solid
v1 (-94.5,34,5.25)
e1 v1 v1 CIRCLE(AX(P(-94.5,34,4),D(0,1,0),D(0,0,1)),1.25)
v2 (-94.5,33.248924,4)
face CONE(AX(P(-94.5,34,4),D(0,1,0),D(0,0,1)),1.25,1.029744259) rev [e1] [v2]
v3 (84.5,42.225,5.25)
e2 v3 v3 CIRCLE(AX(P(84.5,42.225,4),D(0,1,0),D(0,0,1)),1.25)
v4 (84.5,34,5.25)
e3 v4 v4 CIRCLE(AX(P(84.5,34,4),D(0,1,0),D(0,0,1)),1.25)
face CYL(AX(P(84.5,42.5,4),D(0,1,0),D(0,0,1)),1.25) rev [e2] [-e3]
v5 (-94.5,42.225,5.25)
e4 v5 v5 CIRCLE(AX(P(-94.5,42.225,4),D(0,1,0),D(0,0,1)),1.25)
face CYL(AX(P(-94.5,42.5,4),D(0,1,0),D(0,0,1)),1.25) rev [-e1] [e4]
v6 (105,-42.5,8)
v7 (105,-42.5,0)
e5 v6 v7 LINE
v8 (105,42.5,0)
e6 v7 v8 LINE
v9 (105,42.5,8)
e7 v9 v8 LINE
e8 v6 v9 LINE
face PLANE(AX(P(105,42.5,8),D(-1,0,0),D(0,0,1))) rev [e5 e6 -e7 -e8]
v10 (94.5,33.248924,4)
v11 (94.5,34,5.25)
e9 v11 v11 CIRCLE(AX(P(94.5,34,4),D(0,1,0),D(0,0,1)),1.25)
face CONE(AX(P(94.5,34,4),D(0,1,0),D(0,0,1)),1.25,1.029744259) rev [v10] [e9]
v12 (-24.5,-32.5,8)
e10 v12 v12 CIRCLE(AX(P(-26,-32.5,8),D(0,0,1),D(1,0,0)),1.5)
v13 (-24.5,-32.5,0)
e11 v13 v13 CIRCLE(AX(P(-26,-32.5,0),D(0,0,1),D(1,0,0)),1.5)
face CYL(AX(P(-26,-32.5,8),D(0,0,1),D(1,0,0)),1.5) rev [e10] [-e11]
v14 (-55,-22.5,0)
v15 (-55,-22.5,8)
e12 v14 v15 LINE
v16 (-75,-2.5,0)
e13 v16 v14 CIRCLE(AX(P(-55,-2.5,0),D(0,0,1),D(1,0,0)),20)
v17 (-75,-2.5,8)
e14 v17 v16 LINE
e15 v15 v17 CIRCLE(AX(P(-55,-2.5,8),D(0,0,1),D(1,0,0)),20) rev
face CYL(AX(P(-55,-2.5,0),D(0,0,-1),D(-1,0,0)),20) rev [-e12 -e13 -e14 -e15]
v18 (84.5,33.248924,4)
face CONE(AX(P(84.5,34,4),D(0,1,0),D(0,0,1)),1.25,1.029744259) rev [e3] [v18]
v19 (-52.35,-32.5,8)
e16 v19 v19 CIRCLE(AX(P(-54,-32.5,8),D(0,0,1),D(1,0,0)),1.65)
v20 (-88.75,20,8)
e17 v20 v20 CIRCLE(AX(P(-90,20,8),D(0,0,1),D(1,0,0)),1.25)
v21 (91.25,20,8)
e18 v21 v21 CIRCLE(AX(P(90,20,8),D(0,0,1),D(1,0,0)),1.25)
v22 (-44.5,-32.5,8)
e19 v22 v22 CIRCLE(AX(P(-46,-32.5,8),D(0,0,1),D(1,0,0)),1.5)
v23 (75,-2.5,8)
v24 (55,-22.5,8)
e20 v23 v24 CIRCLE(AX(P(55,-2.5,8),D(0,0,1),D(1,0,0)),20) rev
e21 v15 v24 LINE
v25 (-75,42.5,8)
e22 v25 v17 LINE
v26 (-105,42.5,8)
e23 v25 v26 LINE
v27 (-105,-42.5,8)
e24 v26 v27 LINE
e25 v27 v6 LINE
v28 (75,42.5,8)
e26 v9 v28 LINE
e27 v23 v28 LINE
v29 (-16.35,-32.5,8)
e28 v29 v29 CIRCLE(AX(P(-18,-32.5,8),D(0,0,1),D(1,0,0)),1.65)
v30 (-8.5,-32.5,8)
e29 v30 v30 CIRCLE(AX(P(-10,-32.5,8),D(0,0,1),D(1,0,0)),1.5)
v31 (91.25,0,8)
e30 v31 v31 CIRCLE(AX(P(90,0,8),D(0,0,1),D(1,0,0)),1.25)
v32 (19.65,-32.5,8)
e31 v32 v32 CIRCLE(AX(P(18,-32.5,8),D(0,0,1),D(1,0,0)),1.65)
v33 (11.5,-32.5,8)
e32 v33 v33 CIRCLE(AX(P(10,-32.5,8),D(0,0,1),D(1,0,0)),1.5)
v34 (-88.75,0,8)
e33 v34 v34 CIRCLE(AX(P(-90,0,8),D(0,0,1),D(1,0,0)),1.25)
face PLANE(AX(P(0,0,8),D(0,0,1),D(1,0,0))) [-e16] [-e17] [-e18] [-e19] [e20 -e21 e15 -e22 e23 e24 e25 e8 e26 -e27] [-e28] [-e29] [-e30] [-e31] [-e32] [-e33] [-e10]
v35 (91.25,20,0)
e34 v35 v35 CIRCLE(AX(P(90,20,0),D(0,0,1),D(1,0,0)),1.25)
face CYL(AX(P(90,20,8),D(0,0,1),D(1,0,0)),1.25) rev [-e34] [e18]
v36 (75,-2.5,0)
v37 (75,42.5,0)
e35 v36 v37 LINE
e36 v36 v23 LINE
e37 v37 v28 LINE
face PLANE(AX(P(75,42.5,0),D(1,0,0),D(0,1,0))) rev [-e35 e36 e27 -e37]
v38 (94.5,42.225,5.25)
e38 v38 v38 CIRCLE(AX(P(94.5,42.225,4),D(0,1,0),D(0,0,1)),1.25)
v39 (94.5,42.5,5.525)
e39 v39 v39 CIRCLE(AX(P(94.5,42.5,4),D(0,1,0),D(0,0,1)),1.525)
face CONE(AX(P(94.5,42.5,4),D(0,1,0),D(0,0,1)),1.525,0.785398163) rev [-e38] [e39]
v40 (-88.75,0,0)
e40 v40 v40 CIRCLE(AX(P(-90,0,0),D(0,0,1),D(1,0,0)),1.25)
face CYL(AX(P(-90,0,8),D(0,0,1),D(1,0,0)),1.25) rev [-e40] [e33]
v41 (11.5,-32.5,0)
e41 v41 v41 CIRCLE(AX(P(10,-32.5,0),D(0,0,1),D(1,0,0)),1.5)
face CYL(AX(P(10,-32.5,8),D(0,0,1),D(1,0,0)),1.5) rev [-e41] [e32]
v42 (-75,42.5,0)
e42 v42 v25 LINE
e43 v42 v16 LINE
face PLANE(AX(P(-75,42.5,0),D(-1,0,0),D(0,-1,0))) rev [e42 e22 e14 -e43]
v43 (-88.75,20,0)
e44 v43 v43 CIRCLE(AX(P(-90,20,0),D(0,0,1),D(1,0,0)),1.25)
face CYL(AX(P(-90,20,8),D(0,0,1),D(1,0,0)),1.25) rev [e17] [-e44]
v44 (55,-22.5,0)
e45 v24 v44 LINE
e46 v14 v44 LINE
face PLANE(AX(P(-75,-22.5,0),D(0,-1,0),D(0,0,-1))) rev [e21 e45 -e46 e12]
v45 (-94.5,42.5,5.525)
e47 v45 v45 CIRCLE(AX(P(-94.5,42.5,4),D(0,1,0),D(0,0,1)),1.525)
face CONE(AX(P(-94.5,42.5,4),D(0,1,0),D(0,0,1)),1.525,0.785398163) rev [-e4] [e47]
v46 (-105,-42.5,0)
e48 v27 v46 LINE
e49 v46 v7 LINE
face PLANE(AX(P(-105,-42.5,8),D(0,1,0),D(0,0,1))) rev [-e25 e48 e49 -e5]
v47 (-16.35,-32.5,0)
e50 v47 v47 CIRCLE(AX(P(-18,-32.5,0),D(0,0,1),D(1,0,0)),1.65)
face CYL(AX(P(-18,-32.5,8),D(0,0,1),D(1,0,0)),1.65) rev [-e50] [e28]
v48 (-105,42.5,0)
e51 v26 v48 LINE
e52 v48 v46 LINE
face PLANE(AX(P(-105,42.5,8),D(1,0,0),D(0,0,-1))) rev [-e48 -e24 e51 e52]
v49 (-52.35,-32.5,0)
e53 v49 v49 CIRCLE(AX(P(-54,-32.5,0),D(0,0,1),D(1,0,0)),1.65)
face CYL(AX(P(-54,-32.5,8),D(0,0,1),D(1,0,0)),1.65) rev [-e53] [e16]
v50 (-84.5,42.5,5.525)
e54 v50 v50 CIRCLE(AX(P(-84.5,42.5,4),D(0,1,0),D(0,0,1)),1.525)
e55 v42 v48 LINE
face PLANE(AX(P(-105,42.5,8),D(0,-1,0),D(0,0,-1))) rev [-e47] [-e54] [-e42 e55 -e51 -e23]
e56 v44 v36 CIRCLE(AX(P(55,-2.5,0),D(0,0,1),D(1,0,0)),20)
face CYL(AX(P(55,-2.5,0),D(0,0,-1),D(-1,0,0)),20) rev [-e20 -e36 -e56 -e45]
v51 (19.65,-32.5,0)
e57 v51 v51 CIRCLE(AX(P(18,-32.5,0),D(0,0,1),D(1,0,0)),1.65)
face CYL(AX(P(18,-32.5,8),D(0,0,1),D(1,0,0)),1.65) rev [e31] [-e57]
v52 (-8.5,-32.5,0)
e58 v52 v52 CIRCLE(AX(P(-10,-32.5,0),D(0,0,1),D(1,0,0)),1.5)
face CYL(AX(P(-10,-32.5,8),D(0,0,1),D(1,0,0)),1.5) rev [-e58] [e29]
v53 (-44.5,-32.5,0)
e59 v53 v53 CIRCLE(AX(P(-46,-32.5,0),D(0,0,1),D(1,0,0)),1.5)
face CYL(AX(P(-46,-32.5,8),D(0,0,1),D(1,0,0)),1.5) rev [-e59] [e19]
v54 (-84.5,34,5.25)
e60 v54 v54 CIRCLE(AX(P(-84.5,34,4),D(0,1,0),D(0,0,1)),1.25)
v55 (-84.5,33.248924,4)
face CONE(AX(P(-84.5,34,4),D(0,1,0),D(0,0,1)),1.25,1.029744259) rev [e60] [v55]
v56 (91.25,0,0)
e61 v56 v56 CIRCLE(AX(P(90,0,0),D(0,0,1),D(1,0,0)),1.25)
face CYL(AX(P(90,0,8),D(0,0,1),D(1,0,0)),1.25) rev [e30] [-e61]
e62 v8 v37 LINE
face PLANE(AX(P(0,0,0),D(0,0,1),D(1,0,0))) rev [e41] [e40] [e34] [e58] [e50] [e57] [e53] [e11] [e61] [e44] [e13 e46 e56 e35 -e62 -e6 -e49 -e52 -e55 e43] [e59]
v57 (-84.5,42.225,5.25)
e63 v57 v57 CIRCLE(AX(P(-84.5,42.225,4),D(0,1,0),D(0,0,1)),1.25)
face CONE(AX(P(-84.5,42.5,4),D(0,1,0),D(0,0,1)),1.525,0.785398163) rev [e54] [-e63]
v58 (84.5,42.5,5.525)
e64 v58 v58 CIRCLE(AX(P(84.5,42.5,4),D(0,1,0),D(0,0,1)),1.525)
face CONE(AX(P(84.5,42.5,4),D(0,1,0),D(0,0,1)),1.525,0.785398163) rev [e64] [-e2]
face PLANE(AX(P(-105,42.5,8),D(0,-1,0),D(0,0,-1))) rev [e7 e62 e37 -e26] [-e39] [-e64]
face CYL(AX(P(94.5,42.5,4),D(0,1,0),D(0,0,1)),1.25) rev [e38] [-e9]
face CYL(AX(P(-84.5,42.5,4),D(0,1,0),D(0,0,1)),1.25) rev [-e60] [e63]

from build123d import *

# Parameters (mm, degrees)
SKIZZE1_W                       = 210
SKIZZE1_H                       = 85
AUFSATZ_LINEAR_AUSTRAGEN1_DEPTH = 8
M3_GEWINDEBOHRUNG1_D            = 2.5
M3_GEWINDEBOHRUNG1_DEPTH        = 8.5
M3_GEWINDEBOHRUNG1_CSINK_D      = 3.05
M3_GEWINDEBOHRUNG1_CSINK_ANGLE  = 90
M3_GEWINDEBOHRUNG1_TIP          = 0.751075774
SKIZZE4_W                       = 150
SKIZZE4_H                       = 65
SCHNITT_LINEAR_AUSTRAGEN1_DEPTH = 8
VERRUNDUNG1_R                   = 20
F_3_0_3_DURCHMESSER_BOHRUNG1_D  = 3
M4_GEWINDEBOHRUNG1_D            = 3.3
LINEARES_MUSTER1_COUNT          = 2
LINEARES_MUSTER1_PITCH          = 36
M3_GEWINDEBOHRUNG2_D            = 2.5
M3_GEWINDEBOHRUNG2_DEPTH        = 8.5
M3_GEWINDEBOHRUNG2_TIP          = 0.751075774


with BuildPart() as part:
    # Skizze1 → Aufsatz-Linear austragen1 (new body)
    with BuildSketch(Plane.XY):
        Rectangle(SKIZZE1_W, SKIZZE1_H)
    extrude(amount=AUFSATZ_LINEAR_AUSTRAGEN1_DEPTH)

    # M3 Gewindebohrung1
    with Locations(Plane(origin=(0, 42.5, 0), x_dir=(1, 0, 0), z_dir=(0, 1, 0))):
        with Locations((-94.5, -4), (-84.5, -4), (84.5, -4), (94.5, -4)):
            CounterSinkHole(M3_GEWINDEBOHRUNG1_D / 2, M3_GEWINDEBOHRUNG1_CSINK_D / 2, depth=M3_GEWINDEBOHRUNG1_DEPTH, counter_sink_angle=M3_GEWINDEBOHRUNG1_CSINK_ANGLE)
            with Locations((0, 0, -(M3_GEWINDEBOHRUNG1_DEPTH + M3_GEWINDEBOHRUNG1_TIP / 2))):  # 118° drill point
                Cone(0, M3_GEWINDEBOHRUNG1_D / 2, M3_GEWINDEBOHRUNG1_TIP, mode=Mode.SUBTRACT)

    # Skizze4 → Schnitt-Linear austragen1 (cut)
    with BuildSketch(Plane.XY.offset(8)):
        with Locations((0, 10)):
            Rectangle(SKIZZE4_W, SKIZZE4_H)
    extrude(amount=-SCHNITT_LINEAR_AUSTRAGEN1_DEPTH, mode=Mode.SUBTRACT)

    # Verrundung1
    verrundung1_edges = [part.edges().sort_by_distance(p)[0] for p in [
        (-75, -22.5, 4),
        (75, -22.5, 4),
    ]]
    fillet(verrundung1_edges, radius=VERRUNDUNG1_R)

    # Ø3.0 (3) Durchmesser Bohrung1 (through all)
    with Locations(Plane.XY.offset(8)):
        with Locations((-10, -32.5), (10, -32.5)):
            f_3_0_3_durchmesser_bohrung1 = Hole(F_3_0_3_DURCHMESSER_BOHRUNG1_D / 2)

    # M4 Gewindebohrung1 (through all)
    with Locations(Plane.XY.offset(8)):
        with Locations((-18, -32.5), (18, -32.5)):
            m4_gewindebohrung1 = Hole(M4_GEWINDEBOHRUNG1_D / 2)

    # Lineares Muster1: Ø3.0 (3) Durchmesser Bohrung1, M4 Gewindebohrung1 ×2
    with Locations(*[(-i * LINEARES_MUSTER1_PITCH, 0, 0) for i in range(1, LINEARES_MUSTER1_COUNT)]):
        add(f_3_0_3_durchmesser_bohrung1, mode=Mode.SUBTRACT)
        add(m4_gewindebohrung1, mode=Mode.SUBTRACT)

    # M3 Gewindebohrung2
    with Locations(Plane.XY.offset(8)):
        with Locations((-90, 20), (-90, 0), (90, 0), (90, 20)):
            Hole(M3_GEWINDEBOHRUNG2_D / 2, depth=M3_GEWINDEBOHRUNG2_DEPTH)
            with Locations((0, 0, -(M3_GEWINDEBOHRUNG2_DEPTH + M3_GEWINDEBOHRUNG2_TIP / 2))):  # 118° drill point
                Cone(0, M3_GEWINDEBOHRUNG2_D / 2, M3_GEWINDEBOHRUNG2_TIP, mode=Mode.SUBTRACT)


solid = part.part
